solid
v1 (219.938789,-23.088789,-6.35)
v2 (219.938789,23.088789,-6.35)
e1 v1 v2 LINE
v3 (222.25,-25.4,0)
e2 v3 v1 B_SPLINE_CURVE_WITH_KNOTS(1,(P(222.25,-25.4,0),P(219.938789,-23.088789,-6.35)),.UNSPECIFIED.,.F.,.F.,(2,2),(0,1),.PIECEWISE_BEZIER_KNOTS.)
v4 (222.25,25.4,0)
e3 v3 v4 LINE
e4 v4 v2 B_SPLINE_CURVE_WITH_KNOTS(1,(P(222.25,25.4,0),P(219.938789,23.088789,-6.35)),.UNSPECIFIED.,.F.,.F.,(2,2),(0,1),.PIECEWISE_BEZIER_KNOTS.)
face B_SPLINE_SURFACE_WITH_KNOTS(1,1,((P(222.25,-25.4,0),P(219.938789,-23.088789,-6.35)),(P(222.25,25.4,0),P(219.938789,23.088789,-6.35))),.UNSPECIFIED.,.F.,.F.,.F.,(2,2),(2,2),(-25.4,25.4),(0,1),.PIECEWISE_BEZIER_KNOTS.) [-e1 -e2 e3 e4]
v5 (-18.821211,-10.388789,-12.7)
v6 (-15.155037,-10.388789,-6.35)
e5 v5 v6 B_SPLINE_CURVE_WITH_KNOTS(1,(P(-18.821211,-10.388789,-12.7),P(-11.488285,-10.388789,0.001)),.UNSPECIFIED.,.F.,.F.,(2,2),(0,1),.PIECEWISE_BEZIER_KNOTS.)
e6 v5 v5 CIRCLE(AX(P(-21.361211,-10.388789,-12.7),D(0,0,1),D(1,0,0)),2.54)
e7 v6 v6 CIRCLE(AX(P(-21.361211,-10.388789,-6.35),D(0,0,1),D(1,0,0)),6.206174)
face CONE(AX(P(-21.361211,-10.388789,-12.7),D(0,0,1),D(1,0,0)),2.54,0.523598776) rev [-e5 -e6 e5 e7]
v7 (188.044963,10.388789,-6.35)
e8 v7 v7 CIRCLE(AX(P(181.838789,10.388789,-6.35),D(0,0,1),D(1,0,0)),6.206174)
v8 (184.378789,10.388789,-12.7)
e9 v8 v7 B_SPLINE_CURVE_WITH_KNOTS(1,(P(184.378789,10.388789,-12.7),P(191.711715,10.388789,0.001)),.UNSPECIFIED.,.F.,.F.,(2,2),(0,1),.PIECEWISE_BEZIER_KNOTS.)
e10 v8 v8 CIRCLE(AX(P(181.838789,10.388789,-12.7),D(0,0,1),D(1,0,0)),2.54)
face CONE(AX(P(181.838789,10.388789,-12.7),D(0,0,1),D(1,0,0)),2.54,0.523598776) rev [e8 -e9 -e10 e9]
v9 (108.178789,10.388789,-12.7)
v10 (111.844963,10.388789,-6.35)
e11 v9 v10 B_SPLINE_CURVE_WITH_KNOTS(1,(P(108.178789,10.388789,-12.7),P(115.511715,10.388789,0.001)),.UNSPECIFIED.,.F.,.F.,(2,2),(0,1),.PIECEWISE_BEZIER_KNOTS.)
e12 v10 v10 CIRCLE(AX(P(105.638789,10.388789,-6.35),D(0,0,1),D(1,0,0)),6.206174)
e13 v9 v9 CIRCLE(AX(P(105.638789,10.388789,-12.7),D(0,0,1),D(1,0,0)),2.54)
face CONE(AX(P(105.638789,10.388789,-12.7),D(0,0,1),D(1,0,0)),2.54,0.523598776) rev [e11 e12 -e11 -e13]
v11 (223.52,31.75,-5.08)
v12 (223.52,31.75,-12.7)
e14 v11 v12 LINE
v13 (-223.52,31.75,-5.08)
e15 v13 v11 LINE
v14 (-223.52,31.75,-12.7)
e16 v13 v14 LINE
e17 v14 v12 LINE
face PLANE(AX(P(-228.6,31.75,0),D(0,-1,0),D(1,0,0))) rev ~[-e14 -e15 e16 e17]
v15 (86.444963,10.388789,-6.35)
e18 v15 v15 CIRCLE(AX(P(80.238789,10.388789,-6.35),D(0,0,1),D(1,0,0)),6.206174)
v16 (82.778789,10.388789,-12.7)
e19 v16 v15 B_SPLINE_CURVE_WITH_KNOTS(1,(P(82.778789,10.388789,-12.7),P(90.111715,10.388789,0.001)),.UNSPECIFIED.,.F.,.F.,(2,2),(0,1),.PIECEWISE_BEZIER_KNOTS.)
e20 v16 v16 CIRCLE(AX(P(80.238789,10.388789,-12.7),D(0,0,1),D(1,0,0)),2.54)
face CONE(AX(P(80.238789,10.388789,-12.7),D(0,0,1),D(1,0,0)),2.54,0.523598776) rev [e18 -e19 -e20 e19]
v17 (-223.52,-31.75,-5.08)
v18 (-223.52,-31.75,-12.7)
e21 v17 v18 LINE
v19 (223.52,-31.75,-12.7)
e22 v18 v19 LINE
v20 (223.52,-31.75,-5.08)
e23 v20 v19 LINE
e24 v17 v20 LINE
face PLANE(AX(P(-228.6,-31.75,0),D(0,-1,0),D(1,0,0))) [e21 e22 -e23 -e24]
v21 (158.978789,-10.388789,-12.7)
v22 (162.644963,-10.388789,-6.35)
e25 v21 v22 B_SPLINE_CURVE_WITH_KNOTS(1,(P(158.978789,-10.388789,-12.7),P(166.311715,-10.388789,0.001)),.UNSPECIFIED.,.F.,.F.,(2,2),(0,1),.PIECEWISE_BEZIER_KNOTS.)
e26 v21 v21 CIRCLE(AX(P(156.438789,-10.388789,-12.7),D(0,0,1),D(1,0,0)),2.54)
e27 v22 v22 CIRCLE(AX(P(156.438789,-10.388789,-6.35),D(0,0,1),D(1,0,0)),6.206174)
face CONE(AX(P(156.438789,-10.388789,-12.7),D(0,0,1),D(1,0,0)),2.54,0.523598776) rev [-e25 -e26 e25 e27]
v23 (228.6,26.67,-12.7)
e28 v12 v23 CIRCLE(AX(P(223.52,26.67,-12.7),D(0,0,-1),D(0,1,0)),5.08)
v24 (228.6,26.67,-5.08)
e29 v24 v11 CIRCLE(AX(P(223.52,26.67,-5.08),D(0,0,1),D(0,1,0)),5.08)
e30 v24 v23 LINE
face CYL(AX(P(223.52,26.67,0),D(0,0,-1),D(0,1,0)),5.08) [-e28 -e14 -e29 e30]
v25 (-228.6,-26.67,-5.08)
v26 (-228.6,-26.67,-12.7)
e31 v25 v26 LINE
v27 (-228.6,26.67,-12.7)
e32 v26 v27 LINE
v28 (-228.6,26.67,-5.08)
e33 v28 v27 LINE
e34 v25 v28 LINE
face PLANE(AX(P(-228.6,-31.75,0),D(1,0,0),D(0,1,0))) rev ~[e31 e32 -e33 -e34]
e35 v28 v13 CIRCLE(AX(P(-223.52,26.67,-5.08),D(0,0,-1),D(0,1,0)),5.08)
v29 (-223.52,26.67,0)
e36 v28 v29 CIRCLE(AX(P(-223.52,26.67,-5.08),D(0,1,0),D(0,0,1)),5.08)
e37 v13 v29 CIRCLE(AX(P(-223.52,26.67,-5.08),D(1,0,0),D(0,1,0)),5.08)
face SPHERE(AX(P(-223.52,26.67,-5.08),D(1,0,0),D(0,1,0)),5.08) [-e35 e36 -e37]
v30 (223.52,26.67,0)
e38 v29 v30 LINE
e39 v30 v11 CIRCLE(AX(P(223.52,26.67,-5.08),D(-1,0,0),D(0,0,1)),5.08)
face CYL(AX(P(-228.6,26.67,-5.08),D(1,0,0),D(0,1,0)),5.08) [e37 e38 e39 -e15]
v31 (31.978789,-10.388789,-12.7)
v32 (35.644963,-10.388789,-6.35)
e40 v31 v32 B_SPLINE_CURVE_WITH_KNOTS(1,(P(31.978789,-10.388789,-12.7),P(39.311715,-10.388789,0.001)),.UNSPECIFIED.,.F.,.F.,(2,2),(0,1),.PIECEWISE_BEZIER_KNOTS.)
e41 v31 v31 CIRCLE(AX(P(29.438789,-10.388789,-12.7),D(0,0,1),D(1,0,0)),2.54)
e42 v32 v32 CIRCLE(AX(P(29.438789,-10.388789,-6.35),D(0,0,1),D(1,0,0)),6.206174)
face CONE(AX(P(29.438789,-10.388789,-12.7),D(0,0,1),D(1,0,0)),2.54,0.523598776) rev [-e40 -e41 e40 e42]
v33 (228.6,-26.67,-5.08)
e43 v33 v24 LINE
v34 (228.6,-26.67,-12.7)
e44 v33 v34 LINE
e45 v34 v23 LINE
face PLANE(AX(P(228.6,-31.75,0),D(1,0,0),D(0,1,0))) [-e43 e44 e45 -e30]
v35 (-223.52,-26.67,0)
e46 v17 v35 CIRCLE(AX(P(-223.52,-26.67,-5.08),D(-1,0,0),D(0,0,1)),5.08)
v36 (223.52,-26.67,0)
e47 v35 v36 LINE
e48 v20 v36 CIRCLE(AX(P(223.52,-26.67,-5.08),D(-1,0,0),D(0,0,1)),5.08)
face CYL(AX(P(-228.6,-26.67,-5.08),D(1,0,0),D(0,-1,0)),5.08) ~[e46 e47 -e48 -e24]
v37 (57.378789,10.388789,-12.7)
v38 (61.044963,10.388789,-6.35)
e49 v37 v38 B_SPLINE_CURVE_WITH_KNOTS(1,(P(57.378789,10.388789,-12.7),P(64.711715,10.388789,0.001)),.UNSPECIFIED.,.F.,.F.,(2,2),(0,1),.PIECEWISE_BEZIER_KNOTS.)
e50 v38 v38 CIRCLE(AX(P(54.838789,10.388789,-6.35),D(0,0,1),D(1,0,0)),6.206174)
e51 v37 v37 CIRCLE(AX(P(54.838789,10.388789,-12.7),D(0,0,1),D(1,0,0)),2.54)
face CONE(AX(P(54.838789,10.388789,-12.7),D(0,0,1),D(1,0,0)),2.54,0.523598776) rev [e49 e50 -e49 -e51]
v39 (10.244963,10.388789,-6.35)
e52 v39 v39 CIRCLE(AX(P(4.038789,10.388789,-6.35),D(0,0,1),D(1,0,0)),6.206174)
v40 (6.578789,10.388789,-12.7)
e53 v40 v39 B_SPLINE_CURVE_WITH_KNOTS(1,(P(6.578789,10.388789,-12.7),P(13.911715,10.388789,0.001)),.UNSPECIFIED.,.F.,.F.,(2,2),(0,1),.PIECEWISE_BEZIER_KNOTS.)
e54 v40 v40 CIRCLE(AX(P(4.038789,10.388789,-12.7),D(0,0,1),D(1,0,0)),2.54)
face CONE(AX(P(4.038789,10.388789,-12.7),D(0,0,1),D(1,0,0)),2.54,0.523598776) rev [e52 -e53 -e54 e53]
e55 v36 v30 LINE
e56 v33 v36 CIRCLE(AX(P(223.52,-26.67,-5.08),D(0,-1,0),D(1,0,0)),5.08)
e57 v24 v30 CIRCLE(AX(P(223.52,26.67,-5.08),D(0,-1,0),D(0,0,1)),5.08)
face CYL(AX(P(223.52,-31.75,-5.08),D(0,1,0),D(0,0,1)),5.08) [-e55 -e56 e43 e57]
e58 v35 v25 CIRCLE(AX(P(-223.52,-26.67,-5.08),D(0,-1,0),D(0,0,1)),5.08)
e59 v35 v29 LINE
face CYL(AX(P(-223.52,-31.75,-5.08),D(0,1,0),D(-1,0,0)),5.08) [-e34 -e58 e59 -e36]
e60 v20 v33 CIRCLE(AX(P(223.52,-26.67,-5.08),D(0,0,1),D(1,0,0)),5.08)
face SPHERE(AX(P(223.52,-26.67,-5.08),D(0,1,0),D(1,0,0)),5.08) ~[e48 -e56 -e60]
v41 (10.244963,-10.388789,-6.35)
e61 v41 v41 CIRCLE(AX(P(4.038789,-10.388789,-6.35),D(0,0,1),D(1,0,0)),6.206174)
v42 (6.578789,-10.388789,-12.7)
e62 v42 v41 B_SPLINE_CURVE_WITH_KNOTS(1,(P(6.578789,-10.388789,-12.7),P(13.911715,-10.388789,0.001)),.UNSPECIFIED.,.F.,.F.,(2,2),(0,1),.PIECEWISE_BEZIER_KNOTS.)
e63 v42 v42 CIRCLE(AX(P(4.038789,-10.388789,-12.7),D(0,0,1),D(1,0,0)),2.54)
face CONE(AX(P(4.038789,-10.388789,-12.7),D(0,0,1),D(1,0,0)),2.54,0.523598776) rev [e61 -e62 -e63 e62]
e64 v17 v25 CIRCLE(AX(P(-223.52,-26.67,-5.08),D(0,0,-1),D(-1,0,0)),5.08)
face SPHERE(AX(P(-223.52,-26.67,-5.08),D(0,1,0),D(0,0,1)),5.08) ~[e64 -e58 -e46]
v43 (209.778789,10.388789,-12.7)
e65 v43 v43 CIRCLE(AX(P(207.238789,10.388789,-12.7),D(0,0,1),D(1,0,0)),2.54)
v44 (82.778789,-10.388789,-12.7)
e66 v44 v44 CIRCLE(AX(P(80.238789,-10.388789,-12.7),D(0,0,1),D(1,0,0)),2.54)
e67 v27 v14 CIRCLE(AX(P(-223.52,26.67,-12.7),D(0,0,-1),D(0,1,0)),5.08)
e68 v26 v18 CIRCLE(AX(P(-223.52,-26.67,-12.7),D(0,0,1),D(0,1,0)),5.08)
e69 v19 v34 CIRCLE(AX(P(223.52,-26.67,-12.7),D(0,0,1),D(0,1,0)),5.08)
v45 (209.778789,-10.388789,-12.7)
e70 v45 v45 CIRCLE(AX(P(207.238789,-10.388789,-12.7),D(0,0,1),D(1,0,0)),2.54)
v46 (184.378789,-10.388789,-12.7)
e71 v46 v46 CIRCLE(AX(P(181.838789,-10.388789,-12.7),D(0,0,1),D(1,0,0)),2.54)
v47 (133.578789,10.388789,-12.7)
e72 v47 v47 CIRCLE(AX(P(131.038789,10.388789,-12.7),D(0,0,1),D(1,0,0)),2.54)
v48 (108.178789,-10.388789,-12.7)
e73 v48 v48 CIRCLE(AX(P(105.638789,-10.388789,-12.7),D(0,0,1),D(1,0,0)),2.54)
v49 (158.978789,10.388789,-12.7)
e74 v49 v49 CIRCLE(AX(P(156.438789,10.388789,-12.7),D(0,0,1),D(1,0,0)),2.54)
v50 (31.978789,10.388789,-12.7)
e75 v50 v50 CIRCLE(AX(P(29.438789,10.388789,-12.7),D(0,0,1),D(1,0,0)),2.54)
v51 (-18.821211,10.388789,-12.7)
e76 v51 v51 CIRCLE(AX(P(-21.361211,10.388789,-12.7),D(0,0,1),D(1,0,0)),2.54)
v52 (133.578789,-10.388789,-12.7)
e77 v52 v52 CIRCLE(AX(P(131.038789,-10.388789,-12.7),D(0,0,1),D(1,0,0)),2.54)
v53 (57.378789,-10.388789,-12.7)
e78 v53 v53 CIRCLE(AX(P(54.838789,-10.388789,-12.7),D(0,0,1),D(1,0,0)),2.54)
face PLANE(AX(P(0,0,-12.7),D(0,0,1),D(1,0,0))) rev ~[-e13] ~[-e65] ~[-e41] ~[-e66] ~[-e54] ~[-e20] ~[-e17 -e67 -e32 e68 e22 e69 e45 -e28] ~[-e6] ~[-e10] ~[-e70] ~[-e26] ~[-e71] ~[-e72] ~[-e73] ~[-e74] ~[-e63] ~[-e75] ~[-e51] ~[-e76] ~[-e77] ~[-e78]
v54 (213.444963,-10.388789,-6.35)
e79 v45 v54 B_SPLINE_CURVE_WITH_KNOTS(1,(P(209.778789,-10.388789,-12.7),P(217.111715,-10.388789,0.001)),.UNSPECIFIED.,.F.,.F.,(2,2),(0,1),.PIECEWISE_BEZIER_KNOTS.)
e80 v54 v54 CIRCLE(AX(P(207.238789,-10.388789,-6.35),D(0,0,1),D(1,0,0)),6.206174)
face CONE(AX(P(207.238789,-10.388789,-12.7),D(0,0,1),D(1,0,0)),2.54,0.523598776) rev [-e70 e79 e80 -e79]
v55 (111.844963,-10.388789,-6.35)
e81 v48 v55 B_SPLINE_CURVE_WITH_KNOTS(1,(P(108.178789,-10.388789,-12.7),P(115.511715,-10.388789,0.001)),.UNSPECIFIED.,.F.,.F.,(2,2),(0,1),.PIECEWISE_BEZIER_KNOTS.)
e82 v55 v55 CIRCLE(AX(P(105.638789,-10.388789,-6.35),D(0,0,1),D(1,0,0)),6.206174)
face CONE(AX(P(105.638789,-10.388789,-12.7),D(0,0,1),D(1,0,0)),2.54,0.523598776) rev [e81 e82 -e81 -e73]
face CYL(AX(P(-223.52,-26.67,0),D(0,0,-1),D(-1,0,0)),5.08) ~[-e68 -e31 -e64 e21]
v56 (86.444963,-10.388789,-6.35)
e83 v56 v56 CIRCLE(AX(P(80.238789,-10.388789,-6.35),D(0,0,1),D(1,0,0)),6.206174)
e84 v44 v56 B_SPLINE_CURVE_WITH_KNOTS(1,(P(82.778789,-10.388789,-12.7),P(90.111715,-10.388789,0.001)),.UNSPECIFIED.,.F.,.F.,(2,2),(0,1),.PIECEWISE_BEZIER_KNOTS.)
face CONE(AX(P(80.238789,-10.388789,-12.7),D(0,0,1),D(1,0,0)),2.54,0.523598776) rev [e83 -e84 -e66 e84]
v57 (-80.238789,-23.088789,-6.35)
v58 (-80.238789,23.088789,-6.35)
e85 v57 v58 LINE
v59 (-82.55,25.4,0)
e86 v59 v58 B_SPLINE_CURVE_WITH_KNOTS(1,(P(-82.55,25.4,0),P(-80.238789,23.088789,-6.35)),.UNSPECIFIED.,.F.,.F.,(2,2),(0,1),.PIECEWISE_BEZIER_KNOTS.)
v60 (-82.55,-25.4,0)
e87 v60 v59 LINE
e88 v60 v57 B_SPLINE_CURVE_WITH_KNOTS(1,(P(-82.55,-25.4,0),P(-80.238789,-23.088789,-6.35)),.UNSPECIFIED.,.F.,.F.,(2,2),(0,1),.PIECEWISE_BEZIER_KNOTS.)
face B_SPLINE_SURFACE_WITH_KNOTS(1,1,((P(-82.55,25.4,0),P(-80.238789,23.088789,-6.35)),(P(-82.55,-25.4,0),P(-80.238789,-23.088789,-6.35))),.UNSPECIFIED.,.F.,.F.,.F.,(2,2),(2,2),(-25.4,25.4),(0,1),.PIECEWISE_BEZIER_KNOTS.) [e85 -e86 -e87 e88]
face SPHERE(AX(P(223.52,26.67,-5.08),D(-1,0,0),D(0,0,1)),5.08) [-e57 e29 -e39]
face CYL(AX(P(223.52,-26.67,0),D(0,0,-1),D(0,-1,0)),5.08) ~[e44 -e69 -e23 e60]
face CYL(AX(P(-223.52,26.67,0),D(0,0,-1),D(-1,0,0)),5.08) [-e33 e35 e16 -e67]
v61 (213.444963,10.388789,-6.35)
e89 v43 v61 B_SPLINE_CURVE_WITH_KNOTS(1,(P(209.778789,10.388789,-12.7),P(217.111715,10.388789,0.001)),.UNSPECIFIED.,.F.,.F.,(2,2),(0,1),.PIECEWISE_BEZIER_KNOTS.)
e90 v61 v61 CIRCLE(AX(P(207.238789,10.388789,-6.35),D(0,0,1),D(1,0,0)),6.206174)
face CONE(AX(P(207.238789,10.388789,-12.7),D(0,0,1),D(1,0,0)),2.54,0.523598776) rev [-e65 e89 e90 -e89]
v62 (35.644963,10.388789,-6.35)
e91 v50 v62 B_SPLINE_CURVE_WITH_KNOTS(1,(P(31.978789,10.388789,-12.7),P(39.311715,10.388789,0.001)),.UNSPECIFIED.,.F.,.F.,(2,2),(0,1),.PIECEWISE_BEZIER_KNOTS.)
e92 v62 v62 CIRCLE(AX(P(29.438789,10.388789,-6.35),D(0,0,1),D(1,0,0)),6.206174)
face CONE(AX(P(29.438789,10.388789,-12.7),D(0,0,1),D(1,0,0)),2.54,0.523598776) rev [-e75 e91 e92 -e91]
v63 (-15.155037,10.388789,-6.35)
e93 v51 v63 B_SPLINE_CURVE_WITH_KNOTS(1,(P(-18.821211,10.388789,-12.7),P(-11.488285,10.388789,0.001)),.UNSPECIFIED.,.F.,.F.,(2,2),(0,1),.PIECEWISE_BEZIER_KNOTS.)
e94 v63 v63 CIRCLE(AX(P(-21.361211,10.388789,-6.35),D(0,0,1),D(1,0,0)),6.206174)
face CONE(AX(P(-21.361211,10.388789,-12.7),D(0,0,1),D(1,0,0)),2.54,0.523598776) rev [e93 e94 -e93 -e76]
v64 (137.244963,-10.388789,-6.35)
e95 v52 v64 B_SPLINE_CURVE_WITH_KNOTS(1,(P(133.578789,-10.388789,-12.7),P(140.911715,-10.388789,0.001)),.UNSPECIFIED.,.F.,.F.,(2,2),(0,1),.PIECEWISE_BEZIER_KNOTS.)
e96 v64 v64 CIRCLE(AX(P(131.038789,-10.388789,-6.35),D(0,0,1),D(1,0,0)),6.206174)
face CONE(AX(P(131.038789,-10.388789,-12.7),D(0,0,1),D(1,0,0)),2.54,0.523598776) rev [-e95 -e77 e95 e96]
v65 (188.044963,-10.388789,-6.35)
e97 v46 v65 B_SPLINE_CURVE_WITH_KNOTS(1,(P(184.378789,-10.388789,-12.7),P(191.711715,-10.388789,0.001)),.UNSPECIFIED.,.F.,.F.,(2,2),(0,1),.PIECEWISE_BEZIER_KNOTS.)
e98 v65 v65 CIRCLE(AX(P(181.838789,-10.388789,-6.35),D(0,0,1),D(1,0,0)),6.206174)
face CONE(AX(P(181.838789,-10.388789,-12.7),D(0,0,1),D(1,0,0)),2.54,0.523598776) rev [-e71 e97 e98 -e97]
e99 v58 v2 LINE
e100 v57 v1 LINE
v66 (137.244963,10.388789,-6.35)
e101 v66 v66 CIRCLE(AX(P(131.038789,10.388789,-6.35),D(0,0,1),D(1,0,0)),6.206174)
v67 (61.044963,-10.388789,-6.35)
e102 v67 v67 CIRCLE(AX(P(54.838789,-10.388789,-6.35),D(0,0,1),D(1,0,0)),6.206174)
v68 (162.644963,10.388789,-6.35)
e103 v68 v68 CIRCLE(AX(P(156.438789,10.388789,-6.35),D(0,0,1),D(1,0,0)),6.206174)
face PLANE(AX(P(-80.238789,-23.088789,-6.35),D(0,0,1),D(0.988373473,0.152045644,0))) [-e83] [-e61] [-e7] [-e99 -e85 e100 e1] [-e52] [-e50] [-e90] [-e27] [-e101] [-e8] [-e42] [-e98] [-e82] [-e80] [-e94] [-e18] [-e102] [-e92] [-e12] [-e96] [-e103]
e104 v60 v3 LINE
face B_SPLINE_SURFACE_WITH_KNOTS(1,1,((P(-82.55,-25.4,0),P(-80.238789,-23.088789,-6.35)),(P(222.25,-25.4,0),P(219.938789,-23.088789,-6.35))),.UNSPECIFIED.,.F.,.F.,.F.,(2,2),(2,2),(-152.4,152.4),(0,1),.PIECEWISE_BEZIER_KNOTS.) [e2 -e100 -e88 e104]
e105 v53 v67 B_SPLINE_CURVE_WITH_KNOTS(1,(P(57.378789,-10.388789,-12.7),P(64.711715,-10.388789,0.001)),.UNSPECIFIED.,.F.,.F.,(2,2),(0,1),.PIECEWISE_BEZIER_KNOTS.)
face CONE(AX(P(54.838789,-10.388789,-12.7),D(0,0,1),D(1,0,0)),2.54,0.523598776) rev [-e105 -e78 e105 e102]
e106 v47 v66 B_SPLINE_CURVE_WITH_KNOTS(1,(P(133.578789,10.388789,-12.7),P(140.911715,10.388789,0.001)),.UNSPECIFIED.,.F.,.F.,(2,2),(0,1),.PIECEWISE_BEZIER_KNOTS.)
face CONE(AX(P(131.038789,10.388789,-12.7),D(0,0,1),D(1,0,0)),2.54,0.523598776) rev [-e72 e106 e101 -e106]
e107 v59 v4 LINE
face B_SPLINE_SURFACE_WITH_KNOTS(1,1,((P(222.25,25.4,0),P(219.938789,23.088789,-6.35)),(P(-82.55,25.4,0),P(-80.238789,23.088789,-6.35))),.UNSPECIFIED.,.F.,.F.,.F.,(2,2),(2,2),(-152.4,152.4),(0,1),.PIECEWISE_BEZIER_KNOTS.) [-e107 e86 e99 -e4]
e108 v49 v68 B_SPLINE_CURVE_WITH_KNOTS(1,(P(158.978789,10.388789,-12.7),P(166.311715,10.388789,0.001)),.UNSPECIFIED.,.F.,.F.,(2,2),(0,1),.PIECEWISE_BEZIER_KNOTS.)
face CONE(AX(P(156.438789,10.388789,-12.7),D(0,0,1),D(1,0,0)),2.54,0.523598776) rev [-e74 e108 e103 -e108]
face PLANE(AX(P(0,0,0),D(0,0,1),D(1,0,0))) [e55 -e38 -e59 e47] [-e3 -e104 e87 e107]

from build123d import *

# Parameters (mm, degrees)
F0_W     = 457.2
F0_H     = 63.5
F1_DEPTH = 12.7
F2_W     = 304.8
F2_H     = 50.8
F3_DEPTH = 6.35
F3_TAPER = 20
F4_R     = 5.08
F5_R     = 2.54
F6_DEPTH = 12.7010001
F6_TAPER = -30


with BuildPart() as f1:
    # F0 (on Top) → F1 (new body)
    with BuildSketch(Plane.XY):
        Rectangle(F0_W, F0_H)
    extrude(amount=-F1_DEPTH)

    # F2 (on face) → F3 (cut)
    with BuildSketch(Plane.XY):
        with Locations((69.85, 0)):
            Rectangle(F2_W, F2_H)
    extrude(amount=-F3_DEPTH, taper=F3_TAPER, mode=Mode.SUBTRACT)

    # F4
    f4_edges = [f1.edges().sort_by_distance(p)[0] for p in [
        (0, 31.75, 0),
        (228.6, 0, 0),
        (228.6, 31.75, -6.35),
        (228.6, -31.75, -6.35),
        (-228.6, 31.75, -6.35),
        (-228.6, 0, 0),
        (0, -31.75, 0),
        (-228.6, -31.75, -6.35),
    ]]
    fillet(f4_edges, radius=F4_R)

    # F5 (on face) → F6 (cut, through all)
    with BuildSketch(Plane(origin=(0, 0, -12.7), x_dir=(1, 0, 0), z_dir=(0, 0, -1))):
        with Locations((207.2387890124, -10.3887890124)):
            Circle(F5_R)
        with Locations((207.2387890124, 10.3887890124)):
            Circle(F5_R)
        with Locations((181.8387890124, -10.3887890124)):
            Circle(F5_R)
        with Locations((181.8387890124, 10.3887890124)):
            Circle(F5_R)
        with Locations((156.4387890124, -10.3887890124)):
            Circle(F5_R)
        with Locations((156.4387890124, 10.3887890124)):
            Circle(F5_R)
        with Locations((131.0387890124, -10.3887890124)):
            Circle(F5_R)
        with Locations((131.0387890124, 10.3887890124)):
            Circle(F5_R)
        with Locations((105.6387890124, -10.3887890124)):
            Circle(F5_R)
        with Locations((105.6387890124, 10.3887890124)):
            Circle(F5_R)
        with Locations((80.2387890124, -10.3887890124)):
            Circle(F5_R)
        with Locations((80.2387890124, 10.3887890124)):
            Circle(F5_R)
        with Locations((54.8387890124, -10.3887890124)):
            Circle(F5_R)
        with Locations((54.8387890124, 10.3887890124)):
            Circle(F5_R)
        with Locations((29.4387890124, -10.3887890124)):
            Circle(F5_R)
        with Locations((29.4387890124, 10.3887890124)):
            Circle(F5_R)
        with Locations((4.0387890124, -10.3887890124)):
            Circle(F5_R)
        with Locations((4.0387890124, 10.3887890124)):
            Circle(F5_R)
        with Locations((-21.3612109876, -10.3887890124)):
            Circle(F5_R)
        with Locations((-21.3612109876, 10.3887890124)):
            Circle(F5_R)
    extrude(amount=-F6_DEPTH, taper=F6_TAPER, mode=Mode.SUBTRACT)


solid = f1.part
